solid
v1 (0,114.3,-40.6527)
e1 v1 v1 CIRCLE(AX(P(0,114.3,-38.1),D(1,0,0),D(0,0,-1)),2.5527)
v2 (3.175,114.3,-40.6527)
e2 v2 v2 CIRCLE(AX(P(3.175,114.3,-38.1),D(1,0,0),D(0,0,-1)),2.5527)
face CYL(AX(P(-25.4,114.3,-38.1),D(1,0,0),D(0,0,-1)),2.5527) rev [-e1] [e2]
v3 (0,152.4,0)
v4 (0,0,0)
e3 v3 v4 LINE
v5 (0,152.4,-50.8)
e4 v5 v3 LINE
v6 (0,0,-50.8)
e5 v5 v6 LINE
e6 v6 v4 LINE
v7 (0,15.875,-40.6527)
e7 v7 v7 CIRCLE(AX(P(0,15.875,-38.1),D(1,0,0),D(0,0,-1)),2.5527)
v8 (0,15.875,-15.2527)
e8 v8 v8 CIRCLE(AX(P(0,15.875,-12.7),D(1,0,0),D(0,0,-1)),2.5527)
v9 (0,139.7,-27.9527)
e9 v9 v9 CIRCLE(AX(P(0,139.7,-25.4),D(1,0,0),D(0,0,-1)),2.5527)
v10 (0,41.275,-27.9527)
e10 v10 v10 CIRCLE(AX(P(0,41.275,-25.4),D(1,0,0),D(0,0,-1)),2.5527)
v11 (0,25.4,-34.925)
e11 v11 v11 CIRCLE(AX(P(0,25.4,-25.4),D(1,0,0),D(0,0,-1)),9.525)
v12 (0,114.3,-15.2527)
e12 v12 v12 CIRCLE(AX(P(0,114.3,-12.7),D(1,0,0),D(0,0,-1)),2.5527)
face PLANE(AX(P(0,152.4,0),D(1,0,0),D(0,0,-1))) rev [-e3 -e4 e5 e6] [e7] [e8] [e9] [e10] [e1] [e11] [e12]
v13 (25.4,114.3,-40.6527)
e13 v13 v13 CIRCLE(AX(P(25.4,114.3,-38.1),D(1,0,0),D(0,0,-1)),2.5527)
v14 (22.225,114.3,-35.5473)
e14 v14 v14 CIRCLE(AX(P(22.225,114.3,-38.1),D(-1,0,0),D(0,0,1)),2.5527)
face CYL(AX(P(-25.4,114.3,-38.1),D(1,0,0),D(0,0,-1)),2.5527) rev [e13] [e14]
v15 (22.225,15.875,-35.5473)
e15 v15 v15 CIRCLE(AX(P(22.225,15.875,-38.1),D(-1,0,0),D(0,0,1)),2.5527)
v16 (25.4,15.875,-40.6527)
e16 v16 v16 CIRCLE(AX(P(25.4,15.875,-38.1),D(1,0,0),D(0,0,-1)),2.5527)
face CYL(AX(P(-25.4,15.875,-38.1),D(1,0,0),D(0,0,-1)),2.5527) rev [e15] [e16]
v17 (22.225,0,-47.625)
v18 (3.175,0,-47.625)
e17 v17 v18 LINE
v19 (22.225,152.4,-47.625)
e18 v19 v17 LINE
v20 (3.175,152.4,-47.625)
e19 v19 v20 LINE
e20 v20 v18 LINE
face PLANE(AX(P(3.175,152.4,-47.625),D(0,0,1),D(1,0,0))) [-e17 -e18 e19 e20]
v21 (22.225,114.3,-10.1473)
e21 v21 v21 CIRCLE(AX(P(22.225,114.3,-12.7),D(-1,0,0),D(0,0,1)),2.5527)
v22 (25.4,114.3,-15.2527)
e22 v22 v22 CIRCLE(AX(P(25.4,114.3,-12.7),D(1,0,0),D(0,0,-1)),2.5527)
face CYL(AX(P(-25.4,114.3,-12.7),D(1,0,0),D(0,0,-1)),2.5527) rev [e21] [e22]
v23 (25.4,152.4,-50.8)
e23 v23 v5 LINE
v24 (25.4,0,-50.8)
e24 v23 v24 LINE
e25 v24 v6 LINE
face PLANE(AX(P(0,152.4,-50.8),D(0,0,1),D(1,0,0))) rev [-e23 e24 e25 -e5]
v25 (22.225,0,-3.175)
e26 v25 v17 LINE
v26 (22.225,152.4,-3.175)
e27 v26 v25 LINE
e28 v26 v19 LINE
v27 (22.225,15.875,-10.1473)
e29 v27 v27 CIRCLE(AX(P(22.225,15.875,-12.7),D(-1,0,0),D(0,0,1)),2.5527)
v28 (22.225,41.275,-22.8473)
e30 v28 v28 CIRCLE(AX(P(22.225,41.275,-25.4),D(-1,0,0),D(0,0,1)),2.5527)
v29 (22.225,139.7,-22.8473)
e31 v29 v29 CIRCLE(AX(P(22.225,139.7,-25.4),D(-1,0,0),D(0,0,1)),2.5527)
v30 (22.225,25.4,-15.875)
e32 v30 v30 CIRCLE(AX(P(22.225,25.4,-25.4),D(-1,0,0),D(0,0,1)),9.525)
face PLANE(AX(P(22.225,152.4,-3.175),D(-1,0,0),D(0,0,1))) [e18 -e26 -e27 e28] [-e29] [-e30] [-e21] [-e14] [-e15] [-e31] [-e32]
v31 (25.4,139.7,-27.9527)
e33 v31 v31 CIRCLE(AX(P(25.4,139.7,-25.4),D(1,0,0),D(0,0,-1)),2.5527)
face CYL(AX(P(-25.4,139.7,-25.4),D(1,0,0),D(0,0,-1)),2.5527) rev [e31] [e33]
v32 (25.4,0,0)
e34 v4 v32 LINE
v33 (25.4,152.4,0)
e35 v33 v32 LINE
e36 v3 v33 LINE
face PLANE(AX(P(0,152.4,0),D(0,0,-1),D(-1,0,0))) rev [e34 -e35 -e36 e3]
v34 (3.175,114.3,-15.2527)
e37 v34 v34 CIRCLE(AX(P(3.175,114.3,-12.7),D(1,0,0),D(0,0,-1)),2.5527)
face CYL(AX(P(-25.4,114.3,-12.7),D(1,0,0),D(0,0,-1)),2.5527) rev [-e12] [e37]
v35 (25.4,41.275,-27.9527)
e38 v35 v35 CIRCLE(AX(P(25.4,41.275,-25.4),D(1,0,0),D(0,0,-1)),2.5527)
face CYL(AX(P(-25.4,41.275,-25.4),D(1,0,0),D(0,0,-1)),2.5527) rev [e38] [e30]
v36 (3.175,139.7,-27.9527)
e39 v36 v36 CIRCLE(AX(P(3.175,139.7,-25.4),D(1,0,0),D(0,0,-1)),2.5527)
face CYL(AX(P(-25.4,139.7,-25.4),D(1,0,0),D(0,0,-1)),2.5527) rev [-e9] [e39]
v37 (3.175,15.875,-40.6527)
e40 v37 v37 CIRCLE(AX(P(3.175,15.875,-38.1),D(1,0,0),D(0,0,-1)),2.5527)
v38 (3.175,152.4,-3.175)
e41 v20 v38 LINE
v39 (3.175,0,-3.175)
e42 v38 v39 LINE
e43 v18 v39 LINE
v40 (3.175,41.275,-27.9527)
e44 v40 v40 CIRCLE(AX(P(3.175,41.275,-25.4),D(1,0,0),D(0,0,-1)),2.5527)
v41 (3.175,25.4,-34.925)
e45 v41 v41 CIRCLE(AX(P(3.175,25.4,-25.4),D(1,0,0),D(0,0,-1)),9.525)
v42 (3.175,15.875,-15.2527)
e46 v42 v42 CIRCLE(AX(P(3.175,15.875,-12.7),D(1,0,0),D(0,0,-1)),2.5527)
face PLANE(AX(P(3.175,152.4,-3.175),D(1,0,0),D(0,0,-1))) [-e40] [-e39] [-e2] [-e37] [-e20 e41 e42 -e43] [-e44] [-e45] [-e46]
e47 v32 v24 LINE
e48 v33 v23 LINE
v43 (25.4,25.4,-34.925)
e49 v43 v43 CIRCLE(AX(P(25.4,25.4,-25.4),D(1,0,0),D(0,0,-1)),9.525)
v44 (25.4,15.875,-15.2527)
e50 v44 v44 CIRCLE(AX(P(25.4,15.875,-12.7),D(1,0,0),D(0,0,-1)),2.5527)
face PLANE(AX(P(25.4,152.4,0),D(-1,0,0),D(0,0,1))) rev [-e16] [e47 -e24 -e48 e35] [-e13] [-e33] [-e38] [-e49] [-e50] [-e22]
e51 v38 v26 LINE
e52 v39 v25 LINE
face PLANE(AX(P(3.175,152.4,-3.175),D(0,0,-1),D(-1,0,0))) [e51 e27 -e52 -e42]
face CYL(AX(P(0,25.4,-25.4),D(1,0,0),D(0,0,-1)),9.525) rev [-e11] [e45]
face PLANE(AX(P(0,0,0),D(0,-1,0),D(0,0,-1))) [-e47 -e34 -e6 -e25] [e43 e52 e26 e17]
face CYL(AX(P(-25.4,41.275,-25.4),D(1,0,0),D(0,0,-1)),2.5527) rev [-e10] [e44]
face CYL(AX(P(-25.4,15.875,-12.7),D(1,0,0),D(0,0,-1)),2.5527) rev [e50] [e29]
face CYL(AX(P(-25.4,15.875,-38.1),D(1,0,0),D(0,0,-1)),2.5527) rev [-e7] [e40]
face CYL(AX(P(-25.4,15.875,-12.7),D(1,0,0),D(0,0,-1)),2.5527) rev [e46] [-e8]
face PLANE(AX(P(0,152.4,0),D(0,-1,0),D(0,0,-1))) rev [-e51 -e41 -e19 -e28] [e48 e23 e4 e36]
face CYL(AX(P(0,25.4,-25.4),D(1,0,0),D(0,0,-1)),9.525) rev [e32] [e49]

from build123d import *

# Parameters (mm, degrees)
SKETCH1_W           = 25.4
SKETCH1_H           = 50.8
SKETCH1_W_2         = 19.05
SKETCH1_H_2         = 44.45
BOSS_EXTRUDE1_DEPTH = 152.4
SKETCH2_R           = 2.5527
CUT_EXTRUDE1_DEPTH  = 50.8
SKETCH3_R           = 9.525
CUT_EXTRUDE2_DEPTH  = 25.4


with BuildPart() as part:
    # Sketch1 → Boss-Extrude1 (new body)
    with BuildSketch(Plane(origin=(0, 0, 0), x_dir=(1, 0, 0), z_dir=(0, 1, 0))):
        with Locations((12.7, 25.4)):
            Rectangle(SKETCH1_W, SKETCH1_H)
        with Locations((12.7, 25.4)):
            Rectangle(SKETCH1_W_2, SKETCH1_H_2, mode=Mode.SUBTRACT)
    extrude(amount=BOSS_EXTRUDE1_DEPTH)

    # Sketch2 → Cut-Extrude1 (cut)
    with BuildSketch(Plane(origin=(25.4, 0, 0), x_dir=(0, 0, -1), z_dir=(1, 0, 0))):
        with Locations((25.4, 139.7)):
            Circle(SKETCH2_R)
        with Locations((12.7, 114.3)):
            Circle(SKETCH2_R)
        with Locations((38.1, 114.3)):
            Circle(SKETCH2_R)
        with Locations((25.4, 41.275)):
            Circle(SKETCH2_R)
        with Locations((12.7, 15.875)):
            Circle(SKETCH2_R)
        with Locations((38.1, 15.875)):
            Circle(SKETCH2_R)
    extrude(amount=-CUT_EXTRUDE1_DEPTH, mode=Mode.SUBTRACT)

    # Sketch3 → Cut-Extrude2 (cut)
    with BuildSketch(Plane(origin=(25.4, 0, 0), x_dir=(0, 0, -1), z_dir=(1, 0, 0))):
        with Locations((25.4, 25.4)):
            Circle(SKETCH3_R)
    extrude(amount=-CUT_EXTRUDE2_DEPTH, mode=Mode.SUBTRACT)


solid = part.part
